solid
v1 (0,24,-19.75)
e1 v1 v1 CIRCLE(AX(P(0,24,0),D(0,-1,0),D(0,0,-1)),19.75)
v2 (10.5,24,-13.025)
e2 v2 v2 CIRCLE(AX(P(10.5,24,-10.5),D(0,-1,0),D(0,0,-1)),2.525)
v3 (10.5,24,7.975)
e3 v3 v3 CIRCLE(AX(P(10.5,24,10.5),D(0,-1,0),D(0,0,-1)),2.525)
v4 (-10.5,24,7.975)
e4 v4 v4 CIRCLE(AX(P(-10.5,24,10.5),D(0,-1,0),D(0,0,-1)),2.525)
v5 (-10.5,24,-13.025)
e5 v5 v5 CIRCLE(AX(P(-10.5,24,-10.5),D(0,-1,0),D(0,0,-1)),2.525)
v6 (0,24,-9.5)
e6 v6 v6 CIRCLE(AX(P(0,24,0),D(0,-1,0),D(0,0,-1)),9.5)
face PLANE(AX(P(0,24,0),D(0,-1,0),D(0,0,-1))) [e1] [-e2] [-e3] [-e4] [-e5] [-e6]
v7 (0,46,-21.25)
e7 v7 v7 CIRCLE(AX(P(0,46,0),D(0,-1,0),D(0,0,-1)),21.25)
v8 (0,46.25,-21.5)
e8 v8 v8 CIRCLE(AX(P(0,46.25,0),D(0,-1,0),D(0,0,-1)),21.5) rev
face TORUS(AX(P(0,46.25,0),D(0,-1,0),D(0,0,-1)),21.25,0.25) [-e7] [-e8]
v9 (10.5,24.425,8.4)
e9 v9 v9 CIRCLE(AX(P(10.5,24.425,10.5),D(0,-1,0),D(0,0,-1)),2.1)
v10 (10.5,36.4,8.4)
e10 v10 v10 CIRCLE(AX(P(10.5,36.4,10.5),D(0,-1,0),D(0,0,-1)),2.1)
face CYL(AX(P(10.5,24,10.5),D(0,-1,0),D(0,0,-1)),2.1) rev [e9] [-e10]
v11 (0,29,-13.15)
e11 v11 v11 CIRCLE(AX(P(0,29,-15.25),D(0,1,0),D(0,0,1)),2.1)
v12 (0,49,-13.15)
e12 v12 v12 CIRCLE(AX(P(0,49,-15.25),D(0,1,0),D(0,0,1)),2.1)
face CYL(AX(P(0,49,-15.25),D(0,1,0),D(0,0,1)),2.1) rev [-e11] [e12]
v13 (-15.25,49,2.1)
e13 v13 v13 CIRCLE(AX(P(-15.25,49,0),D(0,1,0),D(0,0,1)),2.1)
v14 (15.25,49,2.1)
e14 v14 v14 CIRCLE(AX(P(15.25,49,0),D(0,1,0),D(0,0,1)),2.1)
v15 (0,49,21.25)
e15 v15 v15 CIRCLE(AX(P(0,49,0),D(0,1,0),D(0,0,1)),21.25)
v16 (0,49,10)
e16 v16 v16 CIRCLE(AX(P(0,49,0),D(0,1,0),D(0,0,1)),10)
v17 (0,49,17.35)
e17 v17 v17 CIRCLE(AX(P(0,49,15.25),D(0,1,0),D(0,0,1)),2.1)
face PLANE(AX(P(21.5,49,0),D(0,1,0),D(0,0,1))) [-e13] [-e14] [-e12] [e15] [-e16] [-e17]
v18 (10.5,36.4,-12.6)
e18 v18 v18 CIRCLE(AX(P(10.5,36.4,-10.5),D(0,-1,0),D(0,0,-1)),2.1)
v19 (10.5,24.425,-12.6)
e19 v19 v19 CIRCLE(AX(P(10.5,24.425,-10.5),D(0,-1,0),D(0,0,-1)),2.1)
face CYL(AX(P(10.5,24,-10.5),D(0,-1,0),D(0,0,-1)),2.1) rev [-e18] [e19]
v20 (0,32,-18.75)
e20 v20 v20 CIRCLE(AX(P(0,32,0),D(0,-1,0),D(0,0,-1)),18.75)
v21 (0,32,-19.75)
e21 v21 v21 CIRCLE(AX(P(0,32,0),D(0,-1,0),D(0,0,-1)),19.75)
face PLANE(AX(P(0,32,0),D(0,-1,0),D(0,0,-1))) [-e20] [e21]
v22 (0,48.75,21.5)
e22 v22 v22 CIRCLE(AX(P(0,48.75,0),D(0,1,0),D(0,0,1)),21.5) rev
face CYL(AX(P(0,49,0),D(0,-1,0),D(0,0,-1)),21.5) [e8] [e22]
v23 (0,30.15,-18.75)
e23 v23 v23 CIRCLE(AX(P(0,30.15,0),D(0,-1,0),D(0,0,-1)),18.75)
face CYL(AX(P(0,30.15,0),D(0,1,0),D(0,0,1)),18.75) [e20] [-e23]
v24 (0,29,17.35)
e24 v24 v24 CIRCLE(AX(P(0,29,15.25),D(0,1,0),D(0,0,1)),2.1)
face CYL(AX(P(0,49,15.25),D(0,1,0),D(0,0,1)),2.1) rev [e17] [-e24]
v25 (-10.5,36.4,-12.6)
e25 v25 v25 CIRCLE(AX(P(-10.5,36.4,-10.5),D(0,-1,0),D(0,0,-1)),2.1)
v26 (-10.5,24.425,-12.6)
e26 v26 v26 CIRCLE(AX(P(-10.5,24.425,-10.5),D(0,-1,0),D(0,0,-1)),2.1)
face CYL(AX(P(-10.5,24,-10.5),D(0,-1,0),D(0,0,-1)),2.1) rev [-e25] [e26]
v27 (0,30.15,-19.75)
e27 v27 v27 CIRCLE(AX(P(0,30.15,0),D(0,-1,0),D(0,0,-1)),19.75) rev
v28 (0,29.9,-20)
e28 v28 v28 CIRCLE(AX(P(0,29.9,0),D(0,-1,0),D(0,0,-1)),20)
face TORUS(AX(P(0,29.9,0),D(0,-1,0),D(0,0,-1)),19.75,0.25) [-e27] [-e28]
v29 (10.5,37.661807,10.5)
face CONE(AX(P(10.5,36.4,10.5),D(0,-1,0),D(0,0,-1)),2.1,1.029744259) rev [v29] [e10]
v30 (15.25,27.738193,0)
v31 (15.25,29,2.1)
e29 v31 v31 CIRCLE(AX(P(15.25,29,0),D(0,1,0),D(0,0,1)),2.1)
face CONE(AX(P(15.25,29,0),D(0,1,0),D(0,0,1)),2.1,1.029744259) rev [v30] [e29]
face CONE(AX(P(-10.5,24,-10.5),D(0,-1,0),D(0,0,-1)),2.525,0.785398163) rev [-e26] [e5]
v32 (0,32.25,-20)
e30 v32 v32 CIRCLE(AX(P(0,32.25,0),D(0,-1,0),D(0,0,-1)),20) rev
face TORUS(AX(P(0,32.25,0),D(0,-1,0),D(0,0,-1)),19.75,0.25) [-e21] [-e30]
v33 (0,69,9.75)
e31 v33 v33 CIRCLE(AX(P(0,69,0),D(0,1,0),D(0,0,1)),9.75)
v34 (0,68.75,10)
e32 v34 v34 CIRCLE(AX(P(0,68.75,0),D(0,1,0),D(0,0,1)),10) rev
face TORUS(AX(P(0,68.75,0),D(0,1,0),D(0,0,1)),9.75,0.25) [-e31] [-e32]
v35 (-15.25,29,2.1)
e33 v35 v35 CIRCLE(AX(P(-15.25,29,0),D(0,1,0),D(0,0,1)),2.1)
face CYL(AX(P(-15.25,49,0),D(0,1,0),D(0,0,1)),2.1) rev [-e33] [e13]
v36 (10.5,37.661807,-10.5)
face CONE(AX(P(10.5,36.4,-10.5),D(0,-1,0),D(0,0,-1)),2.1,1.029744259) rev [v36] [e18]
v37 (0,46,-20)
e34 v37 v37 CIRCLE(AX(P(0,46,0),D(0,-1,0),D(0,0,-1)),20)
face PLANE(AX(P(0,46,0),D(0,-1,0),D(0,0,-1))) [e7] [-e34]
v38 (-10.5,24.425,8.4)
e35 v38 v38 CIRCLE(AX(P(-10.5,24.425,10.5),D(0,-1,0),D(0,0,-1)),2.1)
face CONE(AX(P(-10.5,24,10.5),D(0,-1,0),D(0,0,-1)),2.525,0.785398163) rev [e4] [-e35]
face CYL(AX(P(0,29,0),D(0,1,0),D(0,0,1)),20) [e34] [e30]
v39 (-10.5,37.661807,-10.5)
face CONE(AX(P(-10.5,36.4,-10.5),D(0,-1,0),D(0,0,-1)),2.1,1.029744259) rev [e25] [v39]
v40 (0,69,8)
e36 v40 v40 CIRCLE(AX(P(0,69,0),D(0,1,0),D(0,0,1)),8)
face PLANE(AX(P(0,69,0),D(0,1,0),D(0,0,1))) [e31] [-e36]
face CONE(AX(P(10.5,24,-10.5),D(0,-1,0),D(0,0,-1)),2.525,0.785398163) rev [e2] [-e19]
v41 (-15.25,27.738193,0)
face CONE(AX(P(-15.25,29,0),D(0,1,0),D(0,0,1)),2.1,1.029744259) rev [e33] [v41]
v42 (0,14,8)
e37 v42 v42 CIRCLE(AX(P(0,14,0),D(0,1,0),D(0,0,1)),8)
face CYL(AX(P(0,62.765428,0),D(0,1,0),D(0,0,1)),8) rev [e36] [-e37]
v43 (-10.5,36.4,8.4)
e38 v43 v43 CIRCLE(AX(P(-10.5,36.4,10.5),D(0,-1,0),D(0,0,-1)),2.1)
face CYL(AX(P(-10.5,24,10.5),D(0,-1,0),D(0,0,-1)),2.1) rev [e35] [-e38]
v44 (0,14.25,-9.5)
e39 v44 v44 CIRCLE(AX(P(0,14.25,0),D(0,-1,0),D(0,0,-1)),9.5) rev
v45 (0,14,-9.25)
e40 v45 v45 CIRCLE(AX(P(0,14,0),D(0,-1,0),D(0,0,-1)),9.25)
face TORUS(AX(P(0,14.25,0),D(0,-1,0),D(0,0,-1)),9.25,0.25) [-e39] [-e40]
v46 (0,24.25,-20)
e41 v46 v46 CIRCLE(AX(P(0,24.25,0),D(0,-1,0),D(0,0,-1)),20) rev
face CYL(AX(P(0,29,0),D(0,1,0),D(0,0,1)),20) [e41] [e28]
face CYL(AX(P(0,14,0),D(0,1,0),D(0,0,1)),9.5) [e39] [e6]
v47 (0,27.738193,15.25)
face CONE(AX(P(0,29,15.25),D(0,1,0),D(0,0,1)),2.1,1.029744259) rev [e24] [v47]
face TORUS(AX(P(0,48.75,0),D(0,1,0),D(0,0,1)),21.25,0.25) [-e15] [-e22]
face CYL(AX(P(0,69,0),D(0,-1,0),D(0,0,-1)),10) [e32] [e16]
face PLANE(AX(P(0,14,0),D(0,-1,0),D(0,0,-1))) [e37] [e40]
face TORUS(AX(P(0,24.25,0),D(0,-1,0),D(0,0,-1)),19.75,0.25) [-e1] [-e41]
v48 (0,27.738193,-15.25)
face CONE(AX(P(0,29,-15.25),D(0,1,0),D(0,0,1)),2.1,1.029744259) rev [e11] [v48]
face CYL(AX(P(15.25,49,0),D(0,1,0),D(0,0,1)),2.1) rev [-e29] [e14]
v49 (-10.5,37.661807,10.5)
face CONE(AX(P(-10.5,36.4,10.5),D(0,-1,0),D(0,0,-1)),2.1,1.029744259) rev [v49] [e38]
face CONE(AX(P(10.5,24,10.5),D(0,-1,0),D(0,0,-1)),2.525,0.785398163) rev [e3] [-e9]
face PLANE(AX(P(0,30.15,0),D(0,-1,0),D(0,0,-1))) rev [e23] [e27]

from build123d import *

# Parameters (mm, degrees)
SKETCH1_W                            = 21.5
SKETCH1_H                            = 3
SKETCH2_R                            = 20
BOSS_EXTRUDE1_DEPTH                  = 17
SKETCH3_R                            = 9.5
BOSS_EXTRUDE2_DEPTH                  = 15
SKETCH4_R                            = 10
BOSS_EXTRUDE3_DEPTH                  = 20
SKETCH8_R                            = 20
SKETCH8_R_2                          = 9.5
BOSS_EXTRUDE4_DEPTH                  = 5
FILLET1_R                            = 0.25
SKETCH17_R                           = 29.12148471
SKETCH17_R_2                         = 18.75
CUT_EXTRUDE4_DEPTH                   = 1.85
FILLET6_R                            = 0.25
M5_GEWINDEBOHRUNG2_AT_2_COUNT        = 2
M5_GEWINDEBOHRUNG2_AT_2_PITCH        = 14.849242405
M5_GEWINDEBOHRUNG2_AT_3_COUNT        = 2
M5_GEWINDEBOHRUNG2_AT_3_PITCH        = 14.849242405
M5_GEWINDEBOHRUNG2_AT_4_COUNT        = 2
M5_GEWINDEBOHRUNG2_AT_4_PITCH        = 14.849242405
M5_GEWINDEBOHRUNG2_AT_5_COUNT        = 2
M5_GEWINDEBOHRUNG2_AT_5_PITCH        = 14.849242405
M5_GEWINDEBOHRUNG1_D                 = 4.2
M5_GEWINDEBOHRUNG1_DEPTH             = 20
M5_GEWINDEBOHRUNG1_TIP               = 1.2618073
SCHNITT_LINEAR_AUSTRAGEN1_DEPTH      = 63.845047694
SCHNITT_LINEAR_AUSTRAGEN1_DEPTH_BACK = 63.845047694
SKIZZE6_R                            = 8


with BuildPart() as part:
    # Sketch1 → Revolve1 (revolve)
    with BuildSketch(Plane.XY, mode=Mode.PRIVATE) as revolve1_sk:
        with Locations((10.75, 47.5)):
            Rectangle(SKETCH1_W, SKETCH1_H)
    revolve(revolve1_sk.sketch.rotate(Axis((0, 49, 0), (0, -1, 0)), 270), axis=Axis((0, 49, 0), (0, -1, 0)))

    # Sketch2 → Boss-Extrude1 (add)
    with BuildSketch(Plane.XZ.offset(-46)):
        with Locations(Location((0, 0, 0), (0, 0, 270))):
            Circle(SKETCH2_R)
    extrude(amount=BOSS_EXTRUDE1_DEPTH)

    # Sketch3 → Boss-Extrude2 (add)
    with BuildSketch(Plane.XZ.offset(-29)):
        with Locations(Location((0, 0, 0), (0, 0, 270))):
            Circle(SKETCH3_R)
    extrude(amount=BOSS_EXTRUDE2_DEPTH)

    # Sketch4 → Boss-Extrude3 (add)
    with BuildSketch(Plane(origin=(0, 49, 0), x_dir=(-1, 0, 0), z_dir=(0, 1, 0))):
        with Locations(Location((0, 0, 0), (0, 0, 90))):
            Circle(SKETCH4_R)
    extrude(amount=BOSS_EXTRUDE3_DEPTH)

    # Sketch8 → Boss-Extrude4 (add)
    with BuildSketch(Plane.XZ.offset(-29)):
        with Locations(Location((0, 0, 0), (0, 0, 270))):
            Circle(SKETCH8_R)
        with Locations(Location((0, 0, 0), (0, 0, 270))):
            Circle(SKETCH8_R_2, mode=Mode.SUBTRACT)
    extrude(amount=BOSS_EXTRUDE4_DEPTH)

    # Fillet1
    fillet1_edges = [part.edges().sort_by_distance(p)[0] for p in [
        (0, 69, -10),
        (0, 24, 20),
        (0, 46, 21.5),
        (0, 49, 21.5),
    ]]
    fillet(fillet1_edges, radius=FILLET1_R)

    # Sketch17 → Cut-Extrude4 (cut)
    with BuildSketch(Plane(origin=(0, 32, 0), x_dir=(-1, 0, 0), z_dir=(0, -1, 0))):
        Circle(SKETCH17_R)
        with Locations(Location((0, 0, 0), (0, 0, 90))):
            Circle(SKETCH17_R_2, mode=Mode.SUBTRACT)
    extrude(amount=CUT_EXTRUDE4_DEPTH, mode=Mode.SUBTRACT)

    # Fillet6
    fillet6_edges = [part.edges().sort_by_distance(p)[0] for p in [
        (0, 14, 9.5),
        (0, 30.15, 20),
        (0, 32, 20),
    ]]
    fillet(fillet6_edges, radius=FILLET6_R)

    # Skizze2 → M5 Gewindebohrung2 (revolve, cut)
    with BuildSketch(Plane(origin=(0, 24, 0), x_dir=(0, 0, -1), z_dir=(1, 0, 0))):
        Polygon((0, 0), (0, 13.6618073), (2.1, 12.4), (2.1, 0.425), (2.525, 0), align=None)
    m5_gewindebohrung2 = revolve(axis=Axis((0, 17.65, 0), (0, 1, 0)), mode=Mode.SUBTRACT)

    # M5 Gewindebohrung2 at 2: M5 Gewindebohrung2 ×2
    with Locations(*[Vector(0.7071067811865475, 0, 0.7071067811865476) * (i * M5_GEWINDEBOHRUNG2_AT_2_PITCH) for i in range(1, M5_GEWINDEBOHRUNG2_AT_2_COUNT)]):
        add(m5_gewindebohrung2, mode=Mode.SUBTRACT)

    # M5 Gewindebohrung2 at 3: M5 Gewindebohrung2 ×2
    with Locations(*[Vector(-0.7071067811865475, 0, -0.7071067811865477) * (i * M5_GEWINDEBOHRUNG2_AT_3_PITCH) for i in range(1, M5_GEWINDEBOHRUNG2_AT_3_COUNT)]):
        add(m5_gewindebohrung2, mode=Mode.SUBTRACT)

    # M5 Gewindebohrung2 at 4: M5 Gewindebohrung2 ×2
    with Locations(*[Vector(-0.7071067811865474, 0, 0.7071067811865477) * (i * M5_GEWINDEBOHRUNG2_AT_4_PITCH) for i in range(1, M5_GEWINDEBOHRUNG2_AT_4_COUNT)]):
        add(m5_gewindebohrung2, mode=Mode.SUBTRACT)

    # M5 Gewindebohrung2 at 5: M5 Gewindebohrung2 ×2
    with Locations(*[Vector(0.7071067811865479, 0, -0.7071067811865472) * (i * M5_GEWINDEBOHRUNG2_AT_5_PITCH) for i in range(1, M5_GEWINDEBOHRUNG2_AT_5_COUNT)]):
        add(m5_gewindebohrung2, mode=Mode.SUBTRACT)

    # M5 Gewindebohrung1
    with Locations(Plane(origin=(0, 49, 0), x_dir=(1, 0, 0), z_dir=(0, 1, 0))):
        with Locations((-15.25, 0), (29.07342828, 17.079916614), (0, 15.25), (15.25, 0), (0, -15.25)):
            Hole(M5_GEWINDEBOHRUNG1_D / 2, depth=M5_GEWINDEBOHRUNG1_DEPTH)
            with Locations((0, 0, -(M5_GEWINDEBOHRUNG1_DEPTH + M5_GEWINDEBOHRUNG1_TIP / 2))):  # 118° drill point
                Cone(0, M5_GEWINDEBOHRUNG1_D / 2, M5_GEWINDEBOHRUNG1_TIP, mode=Mode.SUBTRACT)

    # Skizze5 → Schnitt-Rotation1 (revolve, cut)
    with BuildSketch(Plane.XY, mode=Mode.PRIVATE) as schnitt_rotation1_sk:
        Polygon((8, 69), (8, 39), (7, 39), (7, 14), (0, 14), (0, 69), align=None)
    revolve(schnitt_rotation1_sk.sketch.rotate(Axis((0, 62.765428039, 0), (0, -1, 0)), 90), axis=Axis((0, 62.765428039, 0), (0, -1, 0)), mode=Mode.SUBTRACT)

    # Skizze6 → Schnitt-Linear austragen1 (cut, two sides: drawn at the far end of the back side and taken through both)
    with BuildSketch(Plane(origin=(0, 69, 0), x_dir=(1, 0, 0), z_dir=(0, 1, 0)).offset(-SCHNITT_LINEAR_AUSTRAGEN1_DEPTH_BACK)):
        with Locations(Location((0, 0, 0), (0, 0, 270))):
            Circle(SKIZZE6_R)
    extrude(amount=SCHNITT_LINEAR_AUSTRAGEN1_DEPTH + SCHNITT_LINEAR_AUSTRAGEN1_DEPTH_BACK, mode=Mode.SUBTRACT)


solid = part.part
